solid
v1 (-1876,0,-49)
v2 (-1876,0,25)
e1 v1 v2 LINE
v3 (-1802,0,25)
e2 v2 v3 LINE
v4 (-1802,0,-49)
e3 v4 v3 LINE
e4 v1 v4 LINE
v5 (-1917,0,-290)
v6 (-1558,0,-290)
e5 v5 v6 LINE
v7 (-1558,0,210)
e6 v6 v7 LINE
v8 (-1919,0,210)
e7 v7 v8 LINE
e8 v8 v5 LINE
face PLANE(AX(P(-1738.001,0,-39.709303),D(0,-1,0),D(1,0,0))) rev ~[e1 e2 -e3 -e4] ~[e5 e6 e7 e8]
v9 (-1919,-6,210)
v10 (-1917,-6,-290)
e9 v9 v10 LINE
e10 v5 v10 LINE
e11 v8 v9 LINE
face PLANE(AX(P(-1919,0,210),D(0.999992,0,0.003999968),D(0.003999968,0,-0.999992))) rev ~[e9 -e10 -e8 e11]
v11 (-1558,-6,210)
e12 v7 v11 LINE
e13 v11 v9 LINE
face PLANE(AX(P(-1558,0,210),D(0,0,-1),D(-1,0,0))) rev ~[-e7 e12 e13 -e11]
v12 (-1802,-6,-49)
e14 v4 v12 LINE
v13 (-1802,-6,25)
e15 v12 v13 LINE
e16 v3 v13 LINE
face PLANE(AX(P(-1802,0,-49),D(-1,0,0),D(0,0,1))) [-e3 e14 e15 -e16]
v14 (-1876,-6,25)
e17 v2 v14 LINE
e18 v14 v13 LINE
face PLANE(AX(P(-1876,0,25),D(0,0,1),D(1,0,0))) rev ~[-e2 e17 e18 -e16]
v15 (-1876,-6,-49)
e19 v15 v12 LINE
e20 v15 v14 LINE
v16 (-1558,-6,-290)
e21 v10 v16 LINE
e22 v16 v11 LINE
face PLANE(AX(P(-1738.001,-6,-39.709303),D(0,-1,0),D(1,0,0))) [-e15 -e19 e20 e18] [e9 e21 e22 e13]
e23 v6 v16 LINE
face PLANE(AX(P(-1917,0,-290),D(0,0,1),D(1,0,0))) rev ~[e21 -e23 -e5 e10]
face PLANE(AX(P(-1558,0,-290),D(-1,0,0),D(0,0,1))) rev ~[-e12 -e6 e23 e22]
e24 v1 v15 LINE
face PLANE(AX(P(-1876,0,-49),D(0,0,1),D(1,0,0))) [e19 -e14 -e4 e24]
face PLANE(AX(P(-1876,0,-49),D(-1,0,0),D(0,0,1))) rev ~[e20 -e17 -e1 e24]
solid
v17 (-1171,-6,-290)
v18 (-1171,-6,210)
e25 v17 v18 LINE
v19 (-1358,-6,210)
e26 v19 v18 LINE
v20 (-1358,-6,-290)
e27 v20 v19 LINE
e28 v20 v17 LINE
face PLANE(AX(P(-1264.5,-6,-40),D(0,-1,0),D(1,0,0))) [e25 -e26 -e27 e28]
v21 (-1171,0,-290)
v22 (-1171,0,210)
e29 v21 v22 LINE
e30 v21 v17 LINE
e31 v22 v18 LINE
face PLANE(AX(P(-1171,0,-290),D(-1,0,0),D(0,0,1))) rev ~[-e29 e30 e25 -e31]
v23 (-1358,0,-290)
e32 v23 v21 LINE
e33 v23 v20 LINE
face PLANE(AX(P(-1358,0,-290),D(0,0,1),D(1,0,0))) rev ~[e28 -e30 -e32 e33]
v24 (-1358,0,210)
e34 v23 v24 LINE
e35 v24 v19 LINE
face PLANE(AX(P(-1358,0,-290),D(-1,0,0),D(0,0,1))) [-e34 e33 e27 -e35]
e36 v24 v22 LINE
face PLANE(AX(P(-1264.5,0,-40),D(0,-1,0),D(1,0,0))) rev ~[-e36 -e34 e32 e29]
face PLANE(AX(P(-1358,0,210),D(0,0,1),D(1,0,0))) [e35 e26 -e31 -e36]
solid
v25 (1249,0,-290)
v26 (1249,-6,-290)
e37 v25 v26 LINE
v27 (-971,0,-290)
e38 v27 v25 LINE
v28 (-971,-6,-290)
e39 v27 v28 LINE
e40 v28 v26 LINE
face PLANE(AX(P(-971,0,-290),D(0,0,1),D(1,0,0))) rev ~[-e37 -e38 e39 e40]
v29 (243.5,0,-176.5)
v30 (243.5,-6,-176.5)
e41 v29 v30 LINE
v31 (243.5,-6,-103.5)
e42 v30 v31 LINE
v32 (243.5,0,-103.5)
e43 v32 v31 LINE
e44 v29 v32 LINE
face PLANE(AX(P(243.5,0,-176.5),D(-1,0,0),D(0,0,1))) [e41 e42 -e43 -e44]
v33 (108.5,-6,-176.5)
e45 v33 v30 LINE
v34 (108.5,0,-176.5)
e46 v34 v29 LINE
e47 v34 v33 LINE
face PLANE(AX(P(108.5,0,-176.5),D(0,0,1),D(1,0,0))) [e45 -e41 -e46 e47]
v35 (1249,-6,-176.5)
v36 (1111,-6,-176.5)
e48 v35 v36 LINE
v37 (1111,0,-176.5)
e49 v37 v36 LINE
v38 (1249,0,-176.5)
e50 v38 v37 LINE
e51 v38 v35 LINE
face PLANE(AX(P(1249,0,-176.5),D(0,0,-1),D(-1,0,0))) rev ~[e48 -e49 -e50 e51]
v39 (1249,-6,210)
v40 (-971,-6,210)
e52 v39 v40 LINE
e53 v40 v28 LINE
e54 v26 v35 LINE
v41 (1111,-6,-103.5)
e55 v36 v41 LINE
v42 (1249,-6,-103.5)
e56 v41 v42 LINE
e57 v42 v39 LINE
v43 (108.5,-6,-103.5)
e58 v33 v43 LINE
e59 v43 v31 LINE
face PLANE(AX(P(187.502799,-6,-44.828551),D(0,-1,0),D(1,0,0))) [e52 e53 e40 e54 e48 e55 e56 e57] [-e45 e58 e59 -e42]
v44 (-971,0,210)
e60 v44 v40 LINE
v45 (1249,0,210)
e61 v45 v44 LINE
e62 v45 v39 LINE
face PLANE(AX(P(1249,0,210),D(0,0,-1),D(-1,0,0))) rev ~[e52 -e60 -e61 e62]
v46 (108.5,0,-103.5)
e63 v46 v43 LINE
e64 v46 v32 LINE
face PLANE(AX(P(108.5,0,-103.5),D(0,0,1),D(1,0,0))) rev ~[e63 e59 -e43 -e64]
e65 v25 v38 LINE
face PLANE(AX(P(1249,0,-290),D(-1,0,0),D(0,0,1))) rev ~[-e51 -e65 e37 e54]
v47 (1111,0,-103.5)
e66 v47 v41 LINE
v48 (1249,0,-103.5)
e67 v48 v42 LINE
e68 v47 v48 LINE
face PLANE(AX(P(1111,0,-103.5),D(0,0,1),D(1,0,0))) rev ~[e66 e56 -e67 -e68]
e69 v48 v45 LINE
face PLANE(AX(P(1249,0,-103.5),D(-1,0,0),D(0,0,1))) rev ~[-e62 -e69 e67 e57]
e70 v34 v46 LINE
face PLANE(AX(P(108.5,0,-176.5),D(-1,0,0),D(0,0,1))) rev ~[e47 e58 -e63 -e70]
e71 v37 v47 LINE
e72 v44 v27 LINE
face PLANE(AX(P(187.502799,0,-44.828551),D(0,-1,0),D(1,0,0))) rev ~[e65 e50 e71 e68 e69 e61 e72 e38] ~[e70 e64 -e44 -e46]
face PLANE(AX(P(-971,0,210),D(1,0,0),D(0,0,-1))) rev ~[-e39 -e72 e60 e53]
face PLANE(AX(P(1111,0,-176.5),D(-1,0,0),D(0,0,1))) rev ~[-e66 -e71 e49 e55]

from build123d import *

# Parameters (mm, degrees)
F0_W     = 135
F0_H     = 73
F3_DEPTH = 6
F1_W     = 187
F1_H     = 500
F4_DEPTH = 6
F2_W     = 74
F2_H     = 74
F5_DEPTH = 6


with BuildPart() as f3:
    # F0 (on Front) → F3 (new body)
    with BuildSketch(Plane.XZ):
        Polygon((1249, 210), (-971, 210), (-971, -290), (1249, -290), (1249, -176.5), (1111, -176.5), (1111, -103.5), (1249, -103.5), align=None)
        with Locations((176, -140)):
            Rectangle(F0_W, F0_H, mode=Mode.SUBTRACT)
    extrude(amount=F3_DEPTH)


with BuildPart() as f4:
    # F1 (on Front) → F4 (new body)
    with BuildSketch(Plane.XZ):
        with Locations((-1264.5, -40)):
            Rectangle(F1_W, F1_H)
    extrude(amount=F4_DEPTH)


with BuildPart() as f5:
    # F2 (on Front) → F5 (new body)
    with BuildSketch(Plane.XZ):
        Polygon((-1917, -290), (-1558, -290), (-1558, 210), (-1919, 210), align=None)
        with Locations((-1839, -12)):
            Rectangle(F2_W, F2_H, mode=Mode.SUBTRACT)
    extrude(amount=F5_DEPTH)


solid = Compound([f3.part, f4.part, f5.part])
